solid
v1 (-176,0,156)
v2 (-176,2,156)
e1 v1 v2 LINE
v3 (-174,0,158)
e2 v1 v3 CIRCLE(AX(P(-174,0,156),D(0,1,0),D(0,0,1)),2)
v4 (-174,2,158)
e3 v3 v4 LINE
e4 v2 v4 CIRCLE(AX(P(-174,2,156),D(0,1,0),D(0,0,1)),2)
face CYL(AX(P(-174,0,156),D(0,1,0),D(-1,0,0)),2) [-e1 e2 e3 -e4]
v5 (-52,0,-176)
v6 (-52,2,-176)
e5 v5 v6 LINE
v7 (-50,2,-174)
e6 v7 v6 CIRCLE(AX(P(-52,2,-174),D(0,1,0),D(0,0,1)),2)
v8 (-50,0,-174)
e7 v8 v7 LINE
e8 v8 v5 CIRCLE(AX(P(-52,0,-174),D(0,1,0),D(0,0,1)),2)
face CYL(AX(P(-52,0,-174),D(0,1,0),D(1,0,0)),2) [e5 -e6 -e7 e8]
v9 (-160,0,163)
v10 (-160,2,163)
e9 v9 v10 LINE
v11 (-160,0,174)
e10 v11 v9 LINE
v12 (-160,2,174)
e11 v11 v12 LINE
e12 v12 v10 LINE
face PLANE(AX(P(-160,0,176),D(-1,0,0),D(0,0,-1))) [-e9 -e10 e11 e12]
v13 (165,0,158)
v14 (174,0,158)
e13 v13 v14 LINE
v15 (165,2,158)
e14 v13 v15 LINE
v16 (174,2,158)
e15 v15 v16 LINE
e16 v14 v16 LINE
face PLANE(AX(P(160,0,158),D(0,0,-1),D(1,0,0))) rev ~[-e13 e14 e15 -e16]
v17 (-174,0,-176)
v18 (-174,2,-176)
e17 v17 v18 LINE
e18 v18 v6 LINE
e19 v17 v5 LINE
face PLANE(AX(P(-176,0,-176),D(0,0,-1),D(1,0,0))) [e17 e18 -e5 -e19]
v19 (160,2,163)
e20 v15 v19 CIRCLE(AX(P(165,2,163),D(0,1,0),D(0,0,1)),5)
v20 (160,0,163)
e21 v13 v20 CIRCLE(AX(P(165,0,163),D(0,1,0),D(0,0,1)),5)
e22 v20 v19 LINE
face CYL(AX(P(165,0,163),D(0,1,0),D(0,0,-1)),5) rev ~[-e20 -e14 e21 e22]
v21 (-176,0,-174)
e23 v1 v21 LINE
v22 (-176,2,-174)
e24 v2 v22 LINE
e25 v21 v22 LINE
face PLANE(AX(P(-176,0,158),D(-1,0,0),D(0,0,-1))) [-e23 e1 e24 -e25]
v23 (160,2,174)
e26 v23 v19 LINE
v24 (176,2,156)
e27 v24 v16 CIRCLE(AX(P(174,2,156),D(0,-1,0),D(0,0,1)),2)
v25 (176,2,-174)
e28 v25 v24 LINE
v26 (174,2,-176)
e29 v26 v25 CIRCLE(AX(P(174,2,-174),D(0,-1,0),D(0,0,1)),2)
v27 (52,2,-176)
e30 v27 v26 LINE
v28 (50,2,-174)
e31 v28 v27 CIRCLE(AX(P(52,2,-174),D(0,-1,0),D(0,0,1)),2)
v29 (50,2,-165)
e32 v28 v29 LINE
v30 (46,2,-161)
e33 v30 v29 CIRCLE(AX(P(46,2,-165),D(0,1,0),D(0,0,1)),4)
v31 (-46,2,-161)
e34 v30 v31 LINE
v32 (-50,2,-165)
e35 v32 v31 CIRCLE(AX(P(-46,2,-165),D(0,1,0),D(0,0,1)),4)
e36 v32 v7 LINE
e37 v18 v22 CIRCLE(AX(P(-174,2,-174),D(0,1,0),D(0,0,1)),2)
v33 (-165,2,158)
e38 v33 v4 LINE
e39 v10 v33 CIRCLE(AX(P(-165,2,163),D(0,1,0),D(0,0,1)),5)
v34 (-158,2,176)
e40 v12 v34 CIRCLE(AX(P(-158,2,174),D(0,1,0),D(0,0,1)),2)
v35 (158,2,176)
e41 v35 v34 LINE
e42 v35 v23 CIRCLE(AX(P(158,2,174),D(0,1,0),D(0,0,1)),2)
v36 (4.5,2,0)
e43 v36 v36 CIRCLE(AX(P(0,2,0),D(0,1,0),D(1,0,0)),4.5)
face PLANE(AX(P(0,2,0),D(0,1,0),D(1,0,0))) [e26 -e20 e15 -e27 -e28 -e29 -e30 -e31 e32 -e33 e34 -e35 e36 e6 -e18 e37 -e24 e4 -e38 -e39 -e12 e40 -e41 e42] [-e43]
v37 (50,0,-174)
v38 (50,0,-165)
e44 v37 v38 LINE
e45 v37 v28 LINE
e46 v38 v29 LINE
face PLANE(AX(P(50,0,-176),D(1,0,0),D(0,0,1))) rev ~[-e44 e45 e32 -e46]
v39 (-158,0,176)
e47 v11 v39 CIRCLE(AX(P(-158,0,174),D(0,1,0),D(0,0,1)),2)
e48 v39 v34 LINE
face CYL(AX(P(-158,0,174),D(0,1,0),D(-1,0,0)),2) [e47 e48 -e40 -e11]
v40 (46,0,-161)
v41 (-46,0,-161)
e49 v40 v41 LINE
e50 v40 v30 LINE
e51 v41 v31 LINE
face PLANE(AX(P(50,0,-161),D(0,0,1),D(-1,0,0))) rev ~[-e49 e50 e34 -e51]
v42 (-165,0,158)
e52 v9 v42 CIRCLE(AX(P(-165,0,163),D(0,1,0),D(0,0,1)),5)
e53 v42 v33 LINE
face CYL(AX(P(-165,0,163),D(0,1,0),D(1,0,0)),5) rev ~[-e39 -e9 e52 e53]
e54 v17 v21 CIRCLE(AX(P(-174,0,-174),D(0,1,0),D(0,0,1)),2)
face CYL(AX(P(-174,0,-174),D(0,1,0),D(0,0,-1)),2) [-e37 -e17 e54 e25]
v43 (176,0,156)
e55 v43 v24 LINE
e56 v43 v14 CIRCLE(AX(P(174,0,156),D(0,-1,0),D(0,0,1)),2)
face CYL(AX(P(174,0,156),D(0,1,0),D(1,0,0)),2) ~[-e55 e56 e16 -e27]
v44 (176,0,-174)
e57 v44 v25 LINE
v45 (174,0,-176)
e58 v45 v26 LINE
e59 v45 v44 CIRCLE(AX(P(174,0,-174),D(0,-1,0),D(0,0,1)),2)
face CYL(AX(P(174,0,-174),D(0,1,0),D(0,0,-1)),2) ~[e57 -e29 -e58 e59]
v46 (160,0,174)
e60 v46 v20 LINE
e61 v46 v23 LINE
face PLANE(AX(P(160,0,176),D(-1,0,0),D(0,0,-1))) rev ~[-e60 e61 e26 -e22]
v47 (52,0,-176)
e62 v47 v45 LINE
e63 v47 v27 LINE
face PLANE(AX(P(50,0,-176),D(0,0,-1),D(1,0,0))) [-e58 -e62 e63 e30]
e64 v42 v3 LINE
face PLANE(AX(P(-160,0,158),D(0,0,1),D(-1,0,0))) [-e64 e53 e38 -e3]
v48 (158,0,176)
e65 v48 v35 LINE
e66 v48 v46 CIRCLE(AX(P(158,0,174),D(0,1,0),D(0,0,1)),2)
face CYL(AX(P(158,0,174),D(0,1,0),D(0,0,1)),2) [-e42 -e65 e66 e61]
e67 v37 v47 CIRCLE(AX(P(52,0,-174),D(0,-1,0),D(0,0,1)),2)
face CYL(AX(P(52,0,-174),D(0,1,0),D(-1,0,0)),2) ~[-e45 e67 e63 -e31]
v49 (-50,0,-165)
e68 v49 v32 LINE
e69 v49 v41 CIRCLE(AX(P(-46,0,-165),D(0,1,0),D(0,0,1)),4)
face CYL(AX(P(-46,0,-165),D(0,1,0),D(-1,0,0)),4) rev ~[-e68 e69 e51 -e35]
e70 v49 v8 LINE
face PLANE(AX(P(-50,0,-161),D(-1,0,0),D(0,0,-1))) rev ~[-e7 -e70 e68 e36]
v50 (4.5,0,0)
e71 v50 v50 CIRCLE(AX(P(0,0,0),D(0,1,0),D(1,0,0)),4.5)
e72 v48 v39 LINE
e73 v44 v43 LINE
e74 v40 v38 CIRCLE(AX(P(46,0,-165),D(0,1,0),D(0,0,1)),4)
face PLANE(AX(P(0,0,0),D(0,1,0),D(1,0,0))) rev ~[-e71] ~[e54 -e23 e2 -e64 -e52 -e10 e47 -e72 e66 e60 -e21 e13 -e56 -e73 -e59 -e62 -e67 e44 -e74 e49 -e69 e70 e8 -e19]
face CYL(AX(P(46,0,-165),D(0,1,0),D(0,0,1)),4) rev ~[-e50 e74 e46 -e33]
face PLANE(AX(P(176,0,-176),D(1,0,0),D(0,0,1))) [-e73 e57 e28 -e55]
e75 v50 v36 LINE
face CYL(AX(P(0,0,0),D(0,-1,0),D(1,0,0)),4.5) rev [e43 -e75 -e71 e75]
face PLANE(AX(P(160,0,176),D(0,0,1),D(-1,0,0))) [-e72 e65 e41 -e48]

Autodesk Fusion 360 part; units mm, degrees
sketch "base_sketch" plane through (0, 0, 0) normal (0, 1, 0) x (1, 0, 0) in component "bed"
  line L0 (176, -176) -> (-176, -176)
  line L1 (-176, -176) -> (-176, 176)
  line L2 (-176, 176) -> (176, 176)
  line L3 (176, 176) -> (176, -176)
  line L4 (176, -176) -> (-176, 176) construction
  line L5 (-176, -176) -> (176, 176) construction
  circle A0 centre (0, 0) radius 4.5
  line L6 (-176, -176) -> (-160, -176)
  line L7 (-160, -176) -> (-160, -158)
  line L8 (-160, -158) -> (-176, -158)
  line L9 (-176, -158) -> (-176, -176)
  line L10 (176, -176) -> (160, -176)
  line L11 (160, -176) -> (160, -158)
  line L12 (160, -158) -> (176, -158)
  line L13 (176, -158) -> (176, -176)
  line L14 (-50, 176) -> (50, 176)
  line L15 (50, 176) -> (50, 161)
  line L16 (50, 161) -> (-50, 161)
  line L17 (-50, 161) -> (-50, 176)
  line L18 (0, 176) -> (0, -176) construction
  dimension "d18" = 352
  dimension "d19" = 352
  dimension "d20" = 9
  dimension "d21" = 16
  dimension "d22" = 18
  dimension "d23" = 16
  dimension "d24" = 18
  dimension "d26" = 15
  dimension "d30" = 50
extrude "Extrude1" add sketch "base_sketch" along normal blind 2 contours L0 L1 L2 L3 L7 L8 L11 L12 L15 L16 L17 in component "bed"
fillet "Fillet1" radius 5 2 edges at (160, 1, 158) (-160, 1, 158) in component "bed"
fillet "Fillet2" radius 4 2 edges at (-50, 1, -161) (50, 1, -161) in component "bed"
fillet "Fillet3" radius 2 8 edges at (-176, 1, -176) (50, 1, -176) (-50, 1, -176) (176, 1, -176) (176, 1, 158) (160, 1, 176) (-160, 1, 176) (-176, 1, 158) in component "bed"
sketch "export_dxf" plane through (0, 2, 0) normal (0, 1, 0) x (-1, 0, 0) in component "bed"
  arc A0 (176, 156) -> (174, 158) centre (174, 156) ccw
  line L0 (174, 158) -> (165, 158)
  arc A1 (160, 163) -> (165, 158) centre (165, 163) ccw
  line L1 (160, 163) -> (160, 174)
  arc A2 (160, 174) -> (158, 176) centre (158, 174) ccw
  line L2 (158, 176) -> (-158, 176)
  arc A3 (-158, 176) -> (-160, 174) centre (-158, 174) ccw
  line L3 (-160, 174) -> (-160, 163)
  arc A4 (-165, 158) -> (-160, 163) centre (-165, 163) ccw
  line L4 (-165, 158) -> (-174, 158)
  arc A5 (-174, 158) -> (-176, 156) centre (-174, 156) ccw
  line L5 (-176, 156) -> (-176, -174)
  arc A6 (-176, -174) -> (-174, -176) centre (-174, -174) ccw
  line L6 (-174, -176) -> (-52, -176)
  arc A7 (-52, -176) -> (-50, -174) centre (-52, -174) ccw
  line L7 (-50, -174) -> (-50, -165)
  arc A8 (-46, -161) -> (-50, -165) centre (-46, -165) ccw
  line L8 (-46, -161) -> (46, -161)
  arc A9 (50, -165) -> (46, -161) centre (46, -165) ccw
  line L9 (50, -165) -> (50, -174)
  arc A10 (50, -174) -> (52, -176) centre (52, -174) ccw
  line L10 (52, -176) -> (174, -176)
  arc A11 (174, -176) -> (176, -174) centre (174, -174) ccw
  line L11 (176, -174) -> (176, 156)
  circle A12 centre (0, 0) radius 4.5
component "bed" placed x (1, 0, 0) y (0, 1, 0) z (0, 0, 1) at (0, 0, 0)
